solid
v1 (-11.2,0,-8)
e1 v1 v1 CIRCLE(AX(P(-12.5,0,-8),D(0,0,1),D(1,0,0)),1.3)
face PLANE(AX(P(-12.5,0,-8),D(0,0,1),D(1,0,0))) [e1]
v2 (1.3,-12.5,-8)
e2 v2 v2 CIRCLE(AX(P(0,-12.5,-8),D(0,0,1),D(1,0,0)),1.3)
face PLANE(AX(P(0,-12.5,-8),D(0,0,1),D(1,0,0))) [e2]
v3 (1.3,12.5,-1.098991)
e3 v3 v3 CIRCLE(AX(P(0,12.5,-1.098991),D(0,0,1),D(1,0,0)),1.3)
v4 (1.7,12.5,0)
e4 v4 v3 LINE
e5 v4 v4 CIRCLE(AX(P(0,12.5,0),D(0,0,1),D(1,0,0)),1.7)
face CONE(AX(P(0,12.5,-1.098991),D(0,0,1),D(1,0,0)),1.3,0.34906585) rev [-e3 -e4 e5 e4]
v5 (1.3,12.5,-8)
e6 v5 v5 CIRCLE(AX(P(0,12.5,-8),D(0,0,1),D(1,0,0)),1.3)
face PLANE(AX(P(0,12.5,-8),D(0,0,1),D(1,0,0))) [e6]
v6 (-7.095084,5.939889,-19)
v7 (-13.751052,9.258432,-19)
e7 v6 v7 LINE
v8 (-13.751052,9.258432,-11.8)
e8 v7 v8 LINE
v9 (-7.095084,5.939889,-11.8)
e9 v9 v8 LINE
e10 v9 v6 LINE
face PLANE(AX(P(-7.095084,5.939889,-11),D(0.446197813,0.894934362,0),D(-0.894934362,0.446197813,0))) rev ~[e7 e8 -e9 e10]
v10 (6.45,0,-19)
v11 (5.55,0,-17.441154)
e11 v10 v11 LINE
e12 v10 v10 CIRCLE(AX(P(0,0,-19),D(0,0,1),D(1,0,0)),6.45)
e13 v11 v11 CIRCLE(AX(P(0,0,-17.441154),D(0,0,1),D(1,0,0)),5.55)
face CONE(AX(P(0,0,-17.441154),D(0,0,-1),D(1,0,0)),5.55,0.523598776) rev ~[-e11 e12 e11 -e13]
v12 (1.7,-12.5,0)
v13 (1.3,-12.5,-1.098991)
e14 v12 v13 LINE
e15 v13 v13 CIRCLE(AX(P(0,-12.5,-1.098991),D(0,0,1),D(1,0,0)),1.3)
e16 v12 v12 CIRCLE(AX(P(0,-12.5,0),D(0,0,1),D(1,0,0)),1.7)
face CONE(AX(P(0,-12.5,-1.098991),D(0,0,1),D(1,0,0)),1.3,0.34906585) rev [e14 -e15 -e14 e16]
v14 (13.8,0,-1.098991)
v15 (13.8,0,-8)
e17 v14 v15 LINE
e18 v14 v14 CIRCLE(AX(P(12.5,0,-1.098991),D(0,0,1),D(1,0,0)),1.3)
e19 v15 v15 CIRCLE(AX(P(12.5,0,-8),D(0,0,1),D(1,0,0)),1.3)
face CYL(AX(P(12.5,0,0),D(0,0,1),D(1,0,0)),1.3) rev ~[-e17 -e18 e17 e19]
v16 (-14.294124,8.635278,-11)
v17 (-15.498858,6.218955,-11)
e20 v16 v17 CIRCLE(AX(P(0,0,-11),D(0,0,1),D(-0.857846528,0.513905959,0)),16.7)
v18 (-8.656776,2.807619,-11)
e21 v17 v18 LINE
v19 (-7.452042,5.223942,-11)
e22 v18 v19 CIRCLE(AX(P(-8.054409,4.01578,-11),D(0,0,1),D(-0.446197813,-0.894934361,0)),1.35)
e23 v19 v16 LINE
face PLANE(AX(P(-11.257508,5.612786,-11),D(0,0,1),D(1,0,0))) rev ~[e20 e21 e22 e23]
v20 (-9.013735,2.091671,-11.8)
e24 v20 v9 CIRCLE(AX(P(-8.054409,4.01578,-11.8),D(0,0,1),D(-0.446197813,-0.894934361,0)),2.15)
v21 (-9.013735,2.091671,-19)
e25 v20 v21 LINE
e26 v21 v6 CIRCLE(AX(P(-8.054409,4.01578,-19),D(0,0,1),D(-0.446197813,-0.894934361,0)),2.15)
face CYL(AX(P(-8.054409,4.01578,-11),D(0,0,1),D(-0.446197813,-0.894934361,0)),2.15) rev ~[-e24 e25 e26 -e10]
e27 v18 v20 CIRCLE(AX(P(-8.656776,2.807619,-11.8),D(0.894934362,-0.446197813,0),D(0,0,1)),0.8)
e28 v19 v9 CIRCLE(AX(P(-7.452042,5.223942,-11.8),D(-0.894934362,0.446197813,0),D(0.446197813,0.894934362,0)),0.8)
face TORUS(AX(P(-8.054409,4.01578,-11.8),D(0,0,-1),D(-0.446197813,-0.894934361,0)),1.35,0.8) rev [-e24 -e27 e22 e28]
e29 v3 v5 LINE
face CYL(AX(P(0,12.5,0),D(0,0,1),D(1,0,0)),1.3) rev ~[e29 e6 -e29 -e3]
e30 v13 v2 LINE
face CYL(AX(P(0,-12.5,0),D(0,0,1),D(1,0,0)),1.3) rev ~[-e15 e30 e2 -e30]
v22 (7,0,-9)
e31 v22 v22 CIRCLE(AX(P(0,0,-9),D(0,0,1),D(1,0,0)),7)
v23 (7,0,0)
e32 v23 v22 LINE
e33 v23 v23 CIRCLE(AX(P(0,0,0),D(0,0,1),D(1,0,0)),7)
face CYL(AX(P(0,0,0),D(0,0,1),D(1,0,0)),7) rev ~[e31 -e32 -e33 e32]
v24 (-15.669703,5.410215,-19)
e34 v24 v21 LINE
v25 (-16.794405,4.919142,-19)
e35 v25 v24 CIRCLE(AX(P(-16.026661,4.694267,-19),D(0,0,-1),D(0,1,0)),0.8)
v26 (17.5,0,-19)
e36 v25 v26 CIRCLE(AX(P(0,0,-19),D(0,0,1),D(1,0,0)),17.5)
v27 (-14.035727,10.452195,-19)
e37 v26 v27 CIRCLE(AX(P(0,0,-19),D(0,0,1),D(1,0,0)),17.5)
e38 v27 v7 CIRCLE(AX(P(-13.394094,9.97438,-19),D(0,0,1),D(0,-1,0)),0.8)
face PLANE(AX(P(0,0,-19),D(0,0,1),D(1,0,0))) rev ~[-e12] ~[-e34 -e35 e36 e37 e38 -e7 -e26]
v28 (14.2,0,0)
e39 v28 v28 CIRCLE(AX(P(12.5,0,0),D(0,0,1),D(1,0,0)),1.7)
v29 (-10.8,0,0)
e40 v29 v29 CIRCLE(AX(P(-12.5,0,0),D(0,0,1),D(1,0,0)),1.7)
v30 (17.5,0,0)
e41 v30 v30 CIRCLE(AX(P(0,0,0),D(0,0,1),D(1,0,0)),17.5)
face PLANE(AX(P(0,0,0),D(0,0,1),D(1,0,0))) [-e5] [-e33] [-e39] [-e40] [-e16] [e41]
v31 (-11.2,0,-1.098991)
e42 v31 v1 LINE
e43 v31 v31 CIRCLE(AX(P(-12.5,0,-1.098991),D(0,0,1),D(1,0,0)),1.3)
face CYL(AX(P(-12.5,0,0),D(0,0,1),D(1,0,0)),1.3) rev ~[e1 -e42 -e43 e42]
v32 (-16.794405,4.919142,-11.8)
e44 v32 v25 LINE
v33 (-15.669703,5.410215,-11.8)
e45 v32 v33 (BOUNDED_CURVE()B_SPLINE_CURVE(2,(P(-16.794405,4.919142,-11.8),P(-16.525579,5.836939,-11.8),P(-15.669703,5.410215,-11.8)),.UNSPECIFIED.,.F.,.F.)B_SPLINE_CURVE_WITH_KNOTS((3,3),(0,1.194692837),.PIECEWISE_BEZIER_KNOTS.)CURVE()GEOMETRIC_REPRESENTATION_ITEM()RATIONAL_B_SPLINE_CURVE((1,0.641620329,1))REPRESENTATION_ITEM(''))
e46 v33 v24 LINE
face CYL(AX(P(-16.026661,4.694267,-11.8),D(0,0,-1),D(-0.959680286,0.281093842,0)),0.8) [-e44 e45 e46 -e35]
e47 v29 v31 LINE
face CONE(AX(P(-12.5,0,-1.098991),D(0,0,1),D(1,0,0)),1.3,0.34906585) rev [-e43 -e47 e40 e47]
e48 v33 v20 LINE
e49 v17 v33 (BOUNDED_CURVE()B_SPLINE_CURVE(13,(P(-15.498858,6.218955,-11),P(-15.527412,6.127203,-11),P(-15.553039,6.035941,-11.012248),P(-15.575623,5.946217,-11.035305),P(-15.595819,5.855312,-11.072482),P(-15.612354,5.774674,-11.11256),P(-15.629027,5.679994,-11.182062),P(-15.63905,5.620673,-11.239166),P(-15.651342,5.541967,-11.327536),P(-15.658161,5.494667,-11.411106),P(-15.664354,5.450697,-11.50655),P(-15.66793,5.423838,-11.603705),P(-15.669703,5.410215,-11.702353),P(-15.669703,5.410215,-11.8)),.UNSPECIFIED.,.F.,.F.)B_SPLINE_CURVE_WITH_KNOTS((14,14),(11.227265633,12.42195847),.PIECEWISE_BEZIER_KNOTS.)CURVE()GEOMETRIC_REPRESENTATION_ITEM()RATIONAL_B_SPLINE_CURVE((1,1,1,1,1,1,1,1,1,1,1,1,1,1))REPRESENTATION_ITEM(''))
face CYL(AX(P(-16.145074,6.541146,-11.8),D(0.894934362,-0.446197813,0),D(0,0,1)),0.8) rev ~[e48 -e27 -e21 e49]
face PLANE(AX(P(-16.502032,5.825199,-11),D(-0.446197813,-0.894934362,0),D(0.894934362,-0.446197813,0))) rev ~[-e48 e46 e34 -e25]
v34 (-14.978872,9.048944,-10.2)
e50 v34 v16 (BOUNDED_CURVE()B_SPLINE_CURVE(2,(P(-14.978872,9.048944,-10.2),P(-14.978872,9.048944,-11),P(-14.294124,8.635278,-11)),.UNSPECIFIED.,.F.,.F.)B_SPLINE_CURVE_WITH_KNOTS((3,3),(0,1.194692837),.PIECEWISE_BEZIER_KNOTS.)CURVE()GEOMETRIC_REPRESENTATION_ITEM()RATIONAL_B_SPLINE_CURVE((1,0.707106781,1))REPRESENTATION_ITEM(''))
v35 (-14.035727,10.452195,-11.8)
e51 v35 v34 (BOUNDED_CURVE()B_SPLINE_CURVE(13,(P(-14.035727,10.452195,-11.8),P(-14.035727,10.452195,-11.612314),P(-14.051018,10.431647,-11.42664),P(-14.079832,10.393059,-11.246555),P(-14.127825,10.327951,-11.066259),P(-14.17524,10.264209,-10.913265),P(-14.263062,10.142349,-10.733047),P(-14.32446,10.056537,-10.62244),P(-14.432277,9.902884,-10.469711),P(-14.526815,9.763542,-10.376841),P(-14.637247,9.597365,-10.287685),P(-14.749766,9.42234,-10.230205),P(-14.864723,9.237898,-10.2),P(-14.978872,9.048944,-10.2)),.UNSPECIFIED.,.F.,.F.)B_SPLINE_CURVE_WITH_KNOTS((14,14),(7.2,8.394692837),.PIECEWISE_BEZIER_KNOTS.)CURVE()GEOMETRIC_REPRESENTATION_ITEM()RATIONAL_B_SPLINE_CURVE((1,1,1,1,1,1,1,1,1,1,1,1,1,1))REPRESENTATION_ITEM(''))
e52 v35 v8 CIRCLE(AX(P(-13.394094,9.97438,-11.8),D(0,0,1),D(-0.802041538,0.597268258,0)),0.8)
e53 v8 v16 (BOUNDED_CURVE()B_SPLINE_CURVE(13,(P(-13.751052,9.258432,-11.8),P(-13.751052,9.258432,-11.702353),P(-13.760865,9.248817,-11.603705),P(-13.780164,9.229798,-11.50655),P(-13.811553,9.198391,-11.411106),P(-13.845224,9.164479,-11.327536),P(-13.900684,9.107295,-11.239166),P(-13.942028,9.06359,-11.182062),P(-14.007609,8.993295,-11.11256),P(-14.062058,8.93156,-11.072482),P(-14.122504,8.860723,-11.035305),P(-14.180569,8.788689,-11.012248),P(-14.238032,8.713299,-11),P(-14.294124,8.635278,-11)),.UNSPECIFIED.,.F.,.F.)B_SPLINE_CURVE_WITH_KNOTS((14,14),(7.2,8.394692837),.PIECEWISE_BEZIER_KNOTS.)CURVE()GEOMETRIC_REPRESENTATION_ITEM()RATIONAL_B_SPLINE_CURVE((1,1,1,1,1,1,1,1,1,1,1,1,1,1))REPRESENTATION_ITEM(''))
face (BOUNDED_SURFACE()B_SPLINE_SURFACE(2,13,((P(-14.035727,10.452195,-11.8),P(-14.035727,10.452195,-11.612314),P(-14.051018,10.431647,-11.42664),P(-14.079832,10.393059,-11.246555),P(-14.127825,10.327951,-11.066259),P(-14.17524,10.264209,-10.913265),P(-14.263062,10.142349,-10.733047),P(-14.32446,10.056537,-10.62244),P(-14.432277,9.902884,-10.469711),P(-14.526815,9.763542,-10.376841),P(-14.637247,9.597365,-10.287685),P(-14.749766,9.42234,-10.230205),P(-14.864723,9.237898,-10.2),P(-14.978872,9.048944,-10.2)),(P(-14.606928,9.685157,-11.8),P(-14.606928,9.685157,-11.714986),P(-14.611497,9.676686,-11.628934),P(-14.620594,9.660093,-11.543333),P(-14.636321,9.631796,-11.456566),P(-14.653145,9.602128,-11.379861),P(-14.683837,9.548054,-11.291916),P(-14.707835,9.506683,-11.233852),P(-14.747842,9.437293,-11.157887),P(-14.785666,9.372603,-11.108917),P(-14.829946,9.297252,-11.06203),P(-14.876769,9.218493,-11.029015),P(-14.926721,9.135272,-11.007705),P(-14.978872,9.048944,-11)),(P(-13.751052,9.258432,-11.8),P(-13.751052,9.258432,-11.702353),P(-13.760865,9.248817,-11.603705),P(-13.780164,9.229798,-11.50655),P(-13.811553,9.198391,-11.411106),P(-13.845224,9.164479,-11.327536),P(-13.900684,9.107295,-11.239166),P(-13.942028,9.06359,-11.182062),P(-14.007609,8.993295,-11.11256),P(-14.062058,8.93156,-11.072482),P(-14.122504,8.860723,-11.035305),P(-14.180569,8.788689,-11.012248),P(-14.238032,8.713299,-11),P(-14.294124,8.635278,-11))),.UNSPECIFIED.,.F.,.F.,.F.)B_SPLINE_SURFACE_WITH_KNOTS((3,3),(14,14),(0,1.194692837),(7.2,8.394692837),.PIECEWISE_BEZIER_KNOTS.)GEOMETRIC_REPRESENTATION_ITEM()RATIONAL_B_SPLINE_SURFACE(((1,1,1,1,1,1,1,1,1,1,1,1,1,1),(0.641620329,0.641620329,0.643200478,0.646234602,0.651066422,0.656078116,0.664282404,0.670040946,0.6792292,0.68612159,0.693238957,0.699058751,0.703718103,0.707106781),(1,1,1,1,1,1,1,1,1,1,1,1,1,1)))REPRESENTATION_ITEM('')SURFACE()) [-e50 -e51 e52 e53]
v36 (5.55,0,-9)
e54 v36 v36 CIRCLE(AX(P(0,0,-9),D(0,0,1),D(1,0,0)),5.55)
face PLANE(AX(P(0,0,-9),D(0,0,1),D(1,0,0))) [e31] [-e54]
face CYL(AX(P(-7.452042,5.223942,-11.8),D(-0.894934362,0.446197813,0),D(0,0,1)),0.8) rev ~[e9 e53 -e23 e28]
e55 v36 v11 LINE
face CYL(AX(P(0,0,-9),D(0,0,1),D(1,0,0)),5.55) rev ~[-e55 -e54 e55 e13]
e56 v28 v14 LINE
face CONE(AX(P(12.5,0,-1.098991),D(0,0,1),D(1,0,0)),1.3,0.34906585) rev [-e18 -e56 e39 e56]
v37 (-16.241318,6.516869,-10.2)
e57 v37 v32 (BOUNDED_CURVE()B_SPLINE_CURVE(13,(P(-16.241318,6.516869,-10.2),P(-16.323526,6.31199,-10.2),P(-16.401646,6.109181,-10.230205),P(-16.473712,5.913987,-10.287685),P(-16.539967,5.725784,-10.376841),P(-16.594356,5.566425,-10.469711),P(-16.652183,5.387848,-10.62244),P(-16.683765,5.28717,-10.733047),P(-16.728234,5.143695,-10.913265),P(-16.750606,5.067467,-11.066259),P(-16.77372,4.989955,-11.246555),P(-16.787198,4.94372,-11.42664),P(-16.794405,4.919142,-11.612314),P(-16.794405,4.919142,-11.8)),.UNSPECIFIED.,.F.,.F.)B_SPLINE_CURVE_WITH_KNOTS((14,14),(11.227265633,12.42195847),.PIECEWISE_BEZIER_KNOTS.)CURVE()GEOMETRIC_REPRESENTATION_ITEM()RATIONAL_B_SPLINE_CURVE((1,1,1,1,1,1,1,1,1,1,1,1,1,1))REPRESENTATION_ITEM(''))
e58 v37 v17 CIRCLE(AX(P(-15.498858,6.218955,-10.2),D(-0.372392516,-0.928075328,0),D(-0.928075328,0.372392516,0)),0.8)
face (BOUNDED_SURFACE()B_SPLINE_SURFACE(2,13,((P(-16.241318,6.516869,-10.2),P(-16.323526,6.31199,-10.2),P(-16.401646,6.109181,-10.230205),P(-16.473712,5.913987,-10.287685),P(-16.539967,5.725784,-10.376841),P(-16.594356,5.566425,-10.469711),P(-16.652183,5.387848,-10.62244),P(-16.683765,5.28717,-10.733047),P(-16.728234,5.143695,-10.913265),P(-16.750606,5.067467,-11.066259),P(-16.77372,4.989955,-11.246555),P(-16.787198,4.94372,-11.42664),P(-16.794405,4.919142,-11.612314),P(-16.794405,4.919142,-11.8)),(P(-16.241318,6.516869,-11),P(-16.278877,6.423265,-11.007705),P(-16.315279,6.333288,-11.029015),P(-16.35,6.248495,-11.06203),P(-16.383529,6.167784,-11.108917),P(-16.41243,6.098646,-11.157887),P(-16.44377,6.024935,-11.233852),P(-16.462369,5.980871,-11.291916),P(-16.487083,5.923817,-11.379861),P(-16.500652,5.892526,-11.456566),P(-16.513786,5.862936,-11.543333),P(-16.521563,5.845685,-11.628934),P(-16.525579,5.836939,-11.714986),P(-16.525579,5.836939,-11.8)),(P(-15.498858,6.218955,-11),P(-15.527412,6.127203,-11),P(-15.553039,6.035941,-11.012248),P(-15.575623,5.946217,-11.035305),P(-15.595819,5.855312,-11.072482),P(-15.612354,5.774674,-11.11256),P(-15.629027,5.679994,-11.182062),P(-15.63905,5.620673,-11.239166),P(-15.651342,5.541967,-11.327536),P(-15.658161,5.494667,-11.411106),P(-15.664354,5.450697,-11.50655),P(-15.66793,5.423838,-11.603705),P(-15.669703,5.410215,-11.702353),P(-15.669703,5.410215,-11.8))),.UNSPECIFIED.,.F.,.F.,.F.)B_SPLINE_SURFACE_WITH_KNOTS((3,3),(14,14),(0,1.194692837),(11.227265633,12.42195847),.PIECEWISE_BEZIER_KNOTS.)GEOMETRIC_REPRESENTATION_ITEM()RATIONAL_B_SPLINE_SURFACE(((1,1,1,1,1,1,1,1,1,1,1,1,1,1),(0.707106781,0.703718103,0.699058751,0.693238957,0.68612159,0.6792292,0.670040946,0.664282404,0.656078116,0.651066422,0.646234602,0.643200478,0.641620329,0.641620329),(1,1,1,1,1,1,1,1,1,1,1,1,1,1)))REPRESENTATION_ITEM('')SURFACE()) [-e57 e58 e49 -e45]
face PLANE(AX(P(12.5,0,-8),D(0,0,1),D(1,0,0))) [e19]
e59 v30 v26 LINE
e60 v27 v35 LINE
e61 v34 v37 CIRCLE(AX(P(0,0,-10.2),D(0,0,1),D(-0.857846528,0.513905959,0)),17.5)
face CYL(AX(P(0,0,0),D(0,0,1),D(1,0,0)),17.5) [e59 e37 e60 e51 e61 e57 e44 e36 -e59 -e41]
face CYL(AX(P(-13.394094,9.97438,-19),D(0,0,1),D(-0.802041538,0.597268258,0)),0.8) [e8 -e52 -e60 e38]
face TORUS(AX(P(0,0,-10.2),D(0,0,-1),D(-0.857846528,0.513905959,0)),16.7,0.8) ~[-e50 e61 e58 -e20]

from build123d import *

# Parameters (mm, degrees)
SKETCH_1_R          = 17.5
EXTRUDE_1_DEPTH     = 19
SKETCH_2_R          = 1.3
CUT_EXTRUDE_1_DEPTH = 8
SKETCH_4_R          = 7
CUT_EXTRUDE_3_DEPTH = 9
SKETCH_5_R          = 5.55
CUT_EXTRUDE_4_DEPTH = 10
CUT_EXTRUDE_START   = -8
CUT_EXTRUDE_6_DEPTH = 8
FILLET_2_R          = 0.8
CHAMFER_1_SIZE      = 0.9
CHAMFER_1_SIZE2     = 1.558845727
CHAMFER_2_SIZE      = 0.4
CHAMFER_2_SIZE2     = 1.098990968
FILLET_3_R          = 0.8


with BuildPart() as part:
    # 草图1 → 凸台-拉伸1 (new body)
    with BuildSketch(Plane.XY):
        Circle(SKETCH_1_R)
    extrude(amount=-EXTRUDE_1_DEPTH)

    # 草图2 → 切除-拉伸1 (cut)
    with BuildSketch(Plane.XY):
        with Locations((12.5, 0)):
            Circle(SKETCH_2_R)
        with Locations((0, -12.5)):
            Circle(SKETCH_2_R)
        with Locations((-12.5, 0)):
            Circle(SKETCH_2_R)
        with Locations((0, 12.5)):
            Circle(SKETCH_2_R)
    extrude(amount=-CUT_EXTRUDE_1_DEPTH, mode=Mode.SUBTRACT)

    # 草图4 → 切除-拉伸3 (cut)
    with BuildSketch(Plane.XY):
        Circle(SKETCH_4_R)
    extrude(amount=-CUT_EXTRUDE_3_DEPTH, mode=Mode.SUBTRACT)

    # 草图5 → 切除-拉伸4 (cut)
    with BuildSketch(Plane.XY.offset(-9)):
        Circle(SKETCH_5_R)
    extrude(amount=-CUT_EXTRUDE_4_DEPTH, mode=Mode.SUBTRACT)

    # 草图6 → 切除-拉伸6 (cut)
    with BuildSketch(Plane(origin=(0, 0, -19), x_dir=(-1, 0, 0), z_dir=(0, 0, -1)).offset(CUT_EXTRUDE_START)):
        with BuildLine():
            Line((7.095083956, 5.939889195), (14.583381366, 9.673416559))
            ThreePointArc((14.583381366, 9.673416559), (15.661351328, 7.808461729), (16.502031962, 5.825198805))
            Line((16.502031962, 5.825198805), (9.013734553, 2.091671441))
            ThreePointArc((9.013734553, 2.091671441), (6.130300377, 3.05645502), (7.095083956, 5.939889195))
        make_face()
    extrude(amount=CUT_EXTRUDE_6_DEPTH, mode=Mode.SUBTRACT)

    # 圆角2
    fillet_2_edges = [part.edges().sort_by_distance(p)[0] for p in [
        (-6.130300377, 3.05645502, -11),
        (-10.839232661, 7.806652877, -11),
        (-12.757883257, 3.958435123, -11),
    ]]
    fillet(fillet_2_edges, radius=FILLET_2_R)

    # 倒角1
    chamfer_1_edges = [part.edges().sort_by_distance(p)[0] for p in [
        (-5.55, 0, -19),
    ]]
    chamfer_1_side = [part.faces().sort_by_distance(p)[0] for p in [
        (-2.871452094, -16.760836695, -19),
    ]]
    chamfer(chamfer_1_edges, length=CHAMFER_1_SIZE, length2=CHAMFER_1_SIZE2, reference=chamfer_1_side[0])

    # 倒角2
    chamfer_2_edges = [part.edges().sort_by_distance(p)[0] for p in [
        (-1.3, -12.5, 0),
        (-13.8, 0, 0),
        (-1.3, 12.5, 0),
        (11.2, 0, 0),
    ]]
    chamfer_2_side = [part.faces().sort_by_distance(p)[0] for p in [
        (-17.005025253, 0, 0),
    ]]
    chamfer(chamfer_2_edges, length=CHAMFER_2_SIZE, length2=CHAMFER_2_SIZE2, reference=chamfer_2_side[0])

    # 圆角3
    fillet_3_edges = [part.edges().sort_by_distance(p)[0] for p in [
        (-15.661351328, 7.808461729, -11),
        (-16.502031962, 5.825198805, -15.4),
        (-14.583381366, 9.673416559, -15.4),
        (-16.421826211, 6.047613073, -11.233795824),
        (-14.712740273, 9.475509151, -11.233795824),
    ]]
    fillet(fillet_3_edges, radius=FILLET_3_R)


solid = part.part
